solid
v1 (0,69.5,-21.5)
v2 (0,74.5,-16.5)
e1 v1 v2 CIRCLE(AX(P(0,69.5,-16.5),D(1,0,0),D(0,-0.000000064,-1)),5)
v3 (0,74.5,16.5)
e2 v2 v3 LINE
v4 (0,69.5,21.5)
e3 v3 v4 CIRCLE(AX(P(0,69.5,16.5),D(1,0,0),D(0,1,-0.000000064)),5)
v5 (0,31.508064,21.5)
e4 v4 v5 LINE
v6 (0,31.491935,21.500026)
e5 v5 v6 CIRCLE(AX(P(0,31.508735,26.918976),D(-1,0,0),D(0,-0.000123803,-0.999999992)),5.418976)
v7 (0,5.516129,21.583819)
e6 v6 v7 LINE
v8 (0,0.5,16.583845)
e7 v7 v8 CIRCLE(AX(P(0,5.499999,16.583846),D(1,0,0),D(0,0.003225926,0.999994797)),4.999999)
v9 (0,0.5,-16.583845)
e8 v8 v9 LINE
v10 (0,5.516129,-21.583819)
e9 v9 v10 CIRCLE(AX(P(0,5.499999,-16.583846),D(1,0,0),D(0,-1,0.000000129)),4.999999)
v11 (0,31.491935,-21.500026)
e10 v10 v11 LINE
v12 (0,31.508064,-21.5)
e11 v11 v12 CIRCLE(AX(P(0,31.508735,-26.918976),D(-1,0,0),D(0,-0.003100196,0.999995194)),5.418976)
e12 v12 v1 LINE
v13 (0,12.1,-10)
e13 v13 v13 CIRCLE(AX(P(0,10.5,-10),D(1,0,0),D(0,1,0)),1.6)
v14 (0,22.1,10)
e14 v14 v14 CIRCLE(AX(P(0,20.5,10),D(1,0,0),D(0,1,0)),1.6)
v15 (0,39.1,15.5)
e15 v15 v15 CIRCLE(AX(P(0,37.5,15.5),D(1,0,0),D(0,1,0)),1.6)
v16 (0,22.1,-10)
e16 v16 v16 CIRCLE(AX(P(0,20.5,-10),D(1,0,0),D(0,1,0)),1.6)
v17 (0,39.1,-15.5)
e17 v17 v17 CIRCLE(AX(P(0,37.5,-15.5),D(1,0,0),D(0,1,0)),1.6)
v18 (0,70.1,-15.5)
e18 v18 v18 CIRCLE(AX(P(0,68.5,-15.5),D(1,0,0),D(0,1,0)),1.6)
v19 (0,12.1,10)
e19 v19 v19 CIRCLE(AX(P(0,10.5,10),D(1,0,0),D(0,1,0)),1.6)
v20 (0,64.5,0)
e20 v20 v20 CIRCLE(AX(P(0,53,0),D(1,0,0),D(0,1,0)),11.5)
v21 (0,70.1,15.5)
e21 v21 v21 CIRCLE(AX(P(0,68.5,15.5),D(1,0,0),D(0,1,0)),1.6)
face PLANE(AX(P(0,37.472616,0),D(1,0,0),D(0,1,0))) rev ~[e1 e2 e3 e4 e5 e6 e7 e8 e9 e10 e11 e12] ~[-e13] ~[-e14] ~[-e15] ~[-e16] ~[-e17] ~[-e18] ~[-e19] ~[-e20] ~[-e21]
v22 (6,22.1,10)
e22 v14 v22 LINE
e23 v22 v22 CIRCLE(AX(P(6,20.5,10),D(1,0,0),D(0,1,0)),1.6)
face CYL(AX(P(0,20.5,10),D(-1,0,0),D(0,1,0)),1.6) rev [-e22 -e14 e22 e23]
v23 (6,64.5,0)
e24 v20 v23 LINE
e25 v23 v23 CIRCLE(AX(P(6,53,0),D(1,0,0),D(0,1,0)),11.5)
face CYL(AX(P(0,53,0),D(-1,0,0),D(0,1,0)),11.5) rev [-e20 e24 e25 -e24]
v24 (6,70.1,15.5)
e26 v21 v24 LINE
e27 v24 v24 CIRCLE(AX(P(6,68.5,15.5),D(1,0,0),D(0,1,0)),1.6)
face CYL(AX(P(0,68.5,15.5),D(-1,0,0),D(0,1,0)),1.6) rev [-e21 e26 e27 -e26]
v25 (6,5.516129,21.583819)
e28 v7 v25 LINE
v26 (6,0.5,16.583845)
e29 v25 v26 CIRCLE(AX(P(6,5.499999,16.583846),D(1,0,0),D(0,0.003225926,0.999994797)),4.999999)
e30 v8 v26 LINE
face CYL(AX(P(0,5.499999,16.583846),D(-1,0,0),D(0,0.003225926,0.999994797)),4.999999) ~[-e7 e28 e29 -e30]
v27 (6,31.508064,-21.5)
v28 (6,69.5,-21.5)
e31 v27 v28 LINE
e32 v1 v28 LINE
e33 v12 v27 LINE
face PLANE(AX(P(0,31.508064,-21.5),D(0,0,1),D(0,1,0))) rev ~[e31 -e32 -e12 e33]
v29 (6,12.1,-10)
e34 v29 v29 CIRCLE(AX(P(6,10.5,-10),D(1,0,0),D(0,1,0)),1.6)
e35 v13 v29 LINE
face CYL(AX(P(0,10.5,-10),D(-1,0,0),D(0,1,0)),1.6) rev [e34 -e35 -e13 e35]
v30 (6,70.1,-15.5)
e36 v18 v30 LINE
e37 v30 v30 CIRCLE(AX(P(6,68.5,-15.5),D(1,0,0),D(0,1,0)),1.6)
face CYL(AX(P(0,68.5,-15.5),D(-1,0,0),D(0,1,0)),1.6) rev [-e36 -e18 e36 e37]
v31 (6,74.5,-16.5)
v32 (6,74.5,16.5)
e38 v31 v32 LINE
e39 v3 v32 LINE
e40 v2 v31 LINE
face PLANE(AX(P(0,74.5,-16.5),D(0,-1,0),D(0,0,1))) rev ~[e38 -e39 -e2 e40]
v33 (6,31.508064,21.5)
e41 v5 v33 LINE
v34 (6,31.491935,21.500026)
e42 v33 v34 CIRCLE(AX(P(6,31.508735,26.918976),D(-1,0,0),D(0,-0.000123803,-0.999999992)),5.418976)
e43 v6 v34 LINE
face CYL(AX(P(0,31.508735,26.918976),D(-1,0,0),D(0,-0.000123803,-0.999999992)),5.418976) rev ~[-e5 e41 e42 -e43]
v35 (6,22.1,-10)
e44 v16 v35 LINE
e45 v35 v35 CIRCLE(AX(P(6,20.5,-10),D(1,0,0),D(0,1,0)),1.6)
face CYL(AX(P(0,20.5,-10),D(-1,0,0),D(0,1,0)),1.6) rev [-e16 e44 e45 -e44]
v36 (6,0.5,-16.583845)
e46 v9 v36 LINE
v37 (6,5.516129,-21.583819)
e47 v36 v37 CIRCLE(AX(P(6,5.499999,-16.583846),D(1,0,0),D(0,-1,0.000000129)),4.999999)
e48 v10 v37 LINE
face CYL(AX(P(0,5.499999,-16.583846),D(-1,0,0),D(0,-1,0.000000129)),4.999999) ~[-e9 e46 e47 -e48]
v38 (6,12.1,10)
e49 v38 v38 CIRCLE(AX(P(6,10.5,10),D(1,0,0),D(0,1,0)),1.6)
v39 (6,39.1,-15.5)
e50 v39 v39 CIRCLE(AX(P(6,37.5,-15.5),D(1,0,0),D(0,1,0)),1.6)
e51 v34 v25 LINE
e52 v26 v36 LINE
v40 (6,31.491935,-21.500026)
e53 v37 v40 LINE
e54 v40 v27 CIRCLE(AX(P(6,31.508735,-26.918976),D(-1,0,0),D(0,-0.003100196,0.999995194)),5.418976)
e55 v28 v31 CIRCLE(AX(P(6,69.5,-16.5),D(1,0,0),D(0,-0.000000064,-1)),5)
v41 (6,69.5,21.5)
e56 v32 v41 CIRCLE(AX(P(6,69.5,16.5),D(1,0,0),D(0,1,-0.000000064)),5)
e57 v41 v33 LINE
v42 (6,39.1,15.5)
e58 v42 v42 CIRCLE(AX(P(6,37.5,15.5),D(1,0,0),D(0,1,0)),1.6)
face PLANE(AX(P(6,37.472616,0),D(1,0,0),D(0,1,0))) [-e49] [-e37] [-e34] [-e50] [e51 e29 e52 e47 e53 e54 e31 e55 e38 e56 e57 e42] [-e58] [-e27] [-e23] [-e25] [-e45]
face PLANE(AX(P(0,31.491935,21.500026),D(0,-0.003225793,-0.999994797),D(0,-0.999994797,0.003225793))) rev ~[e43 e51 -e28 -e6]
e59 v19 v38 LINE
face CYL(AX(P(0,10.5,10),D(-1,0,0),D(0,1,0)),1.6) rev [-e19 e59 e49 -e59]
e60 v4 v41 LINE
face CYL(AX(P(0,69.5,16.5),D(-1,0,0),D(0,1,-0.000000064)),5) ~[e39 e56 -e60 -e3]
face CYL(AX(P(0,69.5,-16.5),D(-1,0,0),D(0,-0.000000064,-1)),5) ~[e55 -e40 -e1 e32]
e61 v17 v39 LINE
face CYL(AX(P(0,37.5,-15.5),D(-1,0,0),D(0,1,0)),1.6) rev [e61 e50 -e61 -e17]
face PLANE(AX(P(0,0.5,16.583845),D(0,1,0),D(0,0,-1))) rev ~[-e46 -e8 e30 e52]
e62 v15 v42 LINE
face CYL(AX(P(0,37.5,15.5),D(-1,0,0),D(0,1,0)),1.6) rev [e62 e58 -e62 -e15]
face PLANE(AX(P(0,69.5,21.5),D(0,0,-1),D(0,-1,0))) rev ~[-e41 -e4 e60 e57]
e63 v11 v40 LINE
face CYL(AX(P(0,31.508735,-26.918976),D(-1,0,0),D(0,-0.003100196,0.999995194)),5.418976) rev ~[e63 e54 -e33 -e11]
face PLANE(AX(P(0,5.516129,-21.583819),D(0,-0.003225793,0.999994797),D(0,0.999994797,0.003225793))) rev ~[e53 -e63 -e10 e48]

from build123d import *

# Parameters (mm, degrees)
F0_R     = 1.6
F0_R_2   = 11.5
F1_DEPTH = 6


with BuildPart() as f1:
    # F0 (on Right) → F1 (new body)
    with BuildSketch(Plane.YZ):
        with BuildLine():
            Line((31.508064, -21.5), (69.5, -21.5))
            ThreePointArc((69.5, -21.5), (73.035534, -20.035534), (74.5, -16.5))
            Line((74.5, -16.5), (74.5, 16.5))
            ThreePointArc((74.5, 16.5), (73.035534, 20.035534), (69.5, 21.5))
            Line((69.5, 21.5), (31.508064, 21.5))
            ThreePointArc((31.508064, 21.5), (31.499999, 21.500007), (31.491935, 21.500026))
            Line((31.491935, 21.500026), (5.516129, 21.583819))
            ThreePointArc((5.516129, 21.583819), (1.970173, 20.125077), (0.5, 16.583845))
            Line((0.5, 16.583845), (0.5, -16.583845))
            ThreePointArc((0.5, -16.583845), (1.970173, -20.125077), (5.516129, -21.583819))
            Line((5.516129, -21.583819), (31.491935, -21.500026))
            ThreePointArc((31.491935, -21.500026), (31.499999, -21.500007), (31.508064, -21.5))
        make_face()
        with Locations((10.5, -10)):
            Circle(F0_R, mode=Mode.SUBTRACT)
        with Locations((20.5, -10)):
            Circle(F0_R, mode=Mode.SUBTRACT)
        with Locations((37.5, -15.5)):
            Circle(F0_R, mode=Mode.SUBTRACT)
        with Locations((68.5, -15.5)):
            Circle(F0_R, mode=Mode.SUBTRACT)
        with Locations((10.5, 10)):
            Circle(F0_R, mode=Mode.SUBTRACT)
        with Locations((20.5, 10)):
            Circle(F0_R, mode=Mode.SUBTRACT)
        with Locations((53, 0)):
            Circle(F0_R_2, mode=Mode.SUBTRACT)
        with Locations((37.5, 15.5)):
            Circle(F0_R, mode=Mode.SUBTRACT)
        with Locations((68.5, 15.5)):
            Circle(F0_R, mode=Mode.SUBTRACT)
    extrude(amount=F1_DEPTH)


solid = f1.part
